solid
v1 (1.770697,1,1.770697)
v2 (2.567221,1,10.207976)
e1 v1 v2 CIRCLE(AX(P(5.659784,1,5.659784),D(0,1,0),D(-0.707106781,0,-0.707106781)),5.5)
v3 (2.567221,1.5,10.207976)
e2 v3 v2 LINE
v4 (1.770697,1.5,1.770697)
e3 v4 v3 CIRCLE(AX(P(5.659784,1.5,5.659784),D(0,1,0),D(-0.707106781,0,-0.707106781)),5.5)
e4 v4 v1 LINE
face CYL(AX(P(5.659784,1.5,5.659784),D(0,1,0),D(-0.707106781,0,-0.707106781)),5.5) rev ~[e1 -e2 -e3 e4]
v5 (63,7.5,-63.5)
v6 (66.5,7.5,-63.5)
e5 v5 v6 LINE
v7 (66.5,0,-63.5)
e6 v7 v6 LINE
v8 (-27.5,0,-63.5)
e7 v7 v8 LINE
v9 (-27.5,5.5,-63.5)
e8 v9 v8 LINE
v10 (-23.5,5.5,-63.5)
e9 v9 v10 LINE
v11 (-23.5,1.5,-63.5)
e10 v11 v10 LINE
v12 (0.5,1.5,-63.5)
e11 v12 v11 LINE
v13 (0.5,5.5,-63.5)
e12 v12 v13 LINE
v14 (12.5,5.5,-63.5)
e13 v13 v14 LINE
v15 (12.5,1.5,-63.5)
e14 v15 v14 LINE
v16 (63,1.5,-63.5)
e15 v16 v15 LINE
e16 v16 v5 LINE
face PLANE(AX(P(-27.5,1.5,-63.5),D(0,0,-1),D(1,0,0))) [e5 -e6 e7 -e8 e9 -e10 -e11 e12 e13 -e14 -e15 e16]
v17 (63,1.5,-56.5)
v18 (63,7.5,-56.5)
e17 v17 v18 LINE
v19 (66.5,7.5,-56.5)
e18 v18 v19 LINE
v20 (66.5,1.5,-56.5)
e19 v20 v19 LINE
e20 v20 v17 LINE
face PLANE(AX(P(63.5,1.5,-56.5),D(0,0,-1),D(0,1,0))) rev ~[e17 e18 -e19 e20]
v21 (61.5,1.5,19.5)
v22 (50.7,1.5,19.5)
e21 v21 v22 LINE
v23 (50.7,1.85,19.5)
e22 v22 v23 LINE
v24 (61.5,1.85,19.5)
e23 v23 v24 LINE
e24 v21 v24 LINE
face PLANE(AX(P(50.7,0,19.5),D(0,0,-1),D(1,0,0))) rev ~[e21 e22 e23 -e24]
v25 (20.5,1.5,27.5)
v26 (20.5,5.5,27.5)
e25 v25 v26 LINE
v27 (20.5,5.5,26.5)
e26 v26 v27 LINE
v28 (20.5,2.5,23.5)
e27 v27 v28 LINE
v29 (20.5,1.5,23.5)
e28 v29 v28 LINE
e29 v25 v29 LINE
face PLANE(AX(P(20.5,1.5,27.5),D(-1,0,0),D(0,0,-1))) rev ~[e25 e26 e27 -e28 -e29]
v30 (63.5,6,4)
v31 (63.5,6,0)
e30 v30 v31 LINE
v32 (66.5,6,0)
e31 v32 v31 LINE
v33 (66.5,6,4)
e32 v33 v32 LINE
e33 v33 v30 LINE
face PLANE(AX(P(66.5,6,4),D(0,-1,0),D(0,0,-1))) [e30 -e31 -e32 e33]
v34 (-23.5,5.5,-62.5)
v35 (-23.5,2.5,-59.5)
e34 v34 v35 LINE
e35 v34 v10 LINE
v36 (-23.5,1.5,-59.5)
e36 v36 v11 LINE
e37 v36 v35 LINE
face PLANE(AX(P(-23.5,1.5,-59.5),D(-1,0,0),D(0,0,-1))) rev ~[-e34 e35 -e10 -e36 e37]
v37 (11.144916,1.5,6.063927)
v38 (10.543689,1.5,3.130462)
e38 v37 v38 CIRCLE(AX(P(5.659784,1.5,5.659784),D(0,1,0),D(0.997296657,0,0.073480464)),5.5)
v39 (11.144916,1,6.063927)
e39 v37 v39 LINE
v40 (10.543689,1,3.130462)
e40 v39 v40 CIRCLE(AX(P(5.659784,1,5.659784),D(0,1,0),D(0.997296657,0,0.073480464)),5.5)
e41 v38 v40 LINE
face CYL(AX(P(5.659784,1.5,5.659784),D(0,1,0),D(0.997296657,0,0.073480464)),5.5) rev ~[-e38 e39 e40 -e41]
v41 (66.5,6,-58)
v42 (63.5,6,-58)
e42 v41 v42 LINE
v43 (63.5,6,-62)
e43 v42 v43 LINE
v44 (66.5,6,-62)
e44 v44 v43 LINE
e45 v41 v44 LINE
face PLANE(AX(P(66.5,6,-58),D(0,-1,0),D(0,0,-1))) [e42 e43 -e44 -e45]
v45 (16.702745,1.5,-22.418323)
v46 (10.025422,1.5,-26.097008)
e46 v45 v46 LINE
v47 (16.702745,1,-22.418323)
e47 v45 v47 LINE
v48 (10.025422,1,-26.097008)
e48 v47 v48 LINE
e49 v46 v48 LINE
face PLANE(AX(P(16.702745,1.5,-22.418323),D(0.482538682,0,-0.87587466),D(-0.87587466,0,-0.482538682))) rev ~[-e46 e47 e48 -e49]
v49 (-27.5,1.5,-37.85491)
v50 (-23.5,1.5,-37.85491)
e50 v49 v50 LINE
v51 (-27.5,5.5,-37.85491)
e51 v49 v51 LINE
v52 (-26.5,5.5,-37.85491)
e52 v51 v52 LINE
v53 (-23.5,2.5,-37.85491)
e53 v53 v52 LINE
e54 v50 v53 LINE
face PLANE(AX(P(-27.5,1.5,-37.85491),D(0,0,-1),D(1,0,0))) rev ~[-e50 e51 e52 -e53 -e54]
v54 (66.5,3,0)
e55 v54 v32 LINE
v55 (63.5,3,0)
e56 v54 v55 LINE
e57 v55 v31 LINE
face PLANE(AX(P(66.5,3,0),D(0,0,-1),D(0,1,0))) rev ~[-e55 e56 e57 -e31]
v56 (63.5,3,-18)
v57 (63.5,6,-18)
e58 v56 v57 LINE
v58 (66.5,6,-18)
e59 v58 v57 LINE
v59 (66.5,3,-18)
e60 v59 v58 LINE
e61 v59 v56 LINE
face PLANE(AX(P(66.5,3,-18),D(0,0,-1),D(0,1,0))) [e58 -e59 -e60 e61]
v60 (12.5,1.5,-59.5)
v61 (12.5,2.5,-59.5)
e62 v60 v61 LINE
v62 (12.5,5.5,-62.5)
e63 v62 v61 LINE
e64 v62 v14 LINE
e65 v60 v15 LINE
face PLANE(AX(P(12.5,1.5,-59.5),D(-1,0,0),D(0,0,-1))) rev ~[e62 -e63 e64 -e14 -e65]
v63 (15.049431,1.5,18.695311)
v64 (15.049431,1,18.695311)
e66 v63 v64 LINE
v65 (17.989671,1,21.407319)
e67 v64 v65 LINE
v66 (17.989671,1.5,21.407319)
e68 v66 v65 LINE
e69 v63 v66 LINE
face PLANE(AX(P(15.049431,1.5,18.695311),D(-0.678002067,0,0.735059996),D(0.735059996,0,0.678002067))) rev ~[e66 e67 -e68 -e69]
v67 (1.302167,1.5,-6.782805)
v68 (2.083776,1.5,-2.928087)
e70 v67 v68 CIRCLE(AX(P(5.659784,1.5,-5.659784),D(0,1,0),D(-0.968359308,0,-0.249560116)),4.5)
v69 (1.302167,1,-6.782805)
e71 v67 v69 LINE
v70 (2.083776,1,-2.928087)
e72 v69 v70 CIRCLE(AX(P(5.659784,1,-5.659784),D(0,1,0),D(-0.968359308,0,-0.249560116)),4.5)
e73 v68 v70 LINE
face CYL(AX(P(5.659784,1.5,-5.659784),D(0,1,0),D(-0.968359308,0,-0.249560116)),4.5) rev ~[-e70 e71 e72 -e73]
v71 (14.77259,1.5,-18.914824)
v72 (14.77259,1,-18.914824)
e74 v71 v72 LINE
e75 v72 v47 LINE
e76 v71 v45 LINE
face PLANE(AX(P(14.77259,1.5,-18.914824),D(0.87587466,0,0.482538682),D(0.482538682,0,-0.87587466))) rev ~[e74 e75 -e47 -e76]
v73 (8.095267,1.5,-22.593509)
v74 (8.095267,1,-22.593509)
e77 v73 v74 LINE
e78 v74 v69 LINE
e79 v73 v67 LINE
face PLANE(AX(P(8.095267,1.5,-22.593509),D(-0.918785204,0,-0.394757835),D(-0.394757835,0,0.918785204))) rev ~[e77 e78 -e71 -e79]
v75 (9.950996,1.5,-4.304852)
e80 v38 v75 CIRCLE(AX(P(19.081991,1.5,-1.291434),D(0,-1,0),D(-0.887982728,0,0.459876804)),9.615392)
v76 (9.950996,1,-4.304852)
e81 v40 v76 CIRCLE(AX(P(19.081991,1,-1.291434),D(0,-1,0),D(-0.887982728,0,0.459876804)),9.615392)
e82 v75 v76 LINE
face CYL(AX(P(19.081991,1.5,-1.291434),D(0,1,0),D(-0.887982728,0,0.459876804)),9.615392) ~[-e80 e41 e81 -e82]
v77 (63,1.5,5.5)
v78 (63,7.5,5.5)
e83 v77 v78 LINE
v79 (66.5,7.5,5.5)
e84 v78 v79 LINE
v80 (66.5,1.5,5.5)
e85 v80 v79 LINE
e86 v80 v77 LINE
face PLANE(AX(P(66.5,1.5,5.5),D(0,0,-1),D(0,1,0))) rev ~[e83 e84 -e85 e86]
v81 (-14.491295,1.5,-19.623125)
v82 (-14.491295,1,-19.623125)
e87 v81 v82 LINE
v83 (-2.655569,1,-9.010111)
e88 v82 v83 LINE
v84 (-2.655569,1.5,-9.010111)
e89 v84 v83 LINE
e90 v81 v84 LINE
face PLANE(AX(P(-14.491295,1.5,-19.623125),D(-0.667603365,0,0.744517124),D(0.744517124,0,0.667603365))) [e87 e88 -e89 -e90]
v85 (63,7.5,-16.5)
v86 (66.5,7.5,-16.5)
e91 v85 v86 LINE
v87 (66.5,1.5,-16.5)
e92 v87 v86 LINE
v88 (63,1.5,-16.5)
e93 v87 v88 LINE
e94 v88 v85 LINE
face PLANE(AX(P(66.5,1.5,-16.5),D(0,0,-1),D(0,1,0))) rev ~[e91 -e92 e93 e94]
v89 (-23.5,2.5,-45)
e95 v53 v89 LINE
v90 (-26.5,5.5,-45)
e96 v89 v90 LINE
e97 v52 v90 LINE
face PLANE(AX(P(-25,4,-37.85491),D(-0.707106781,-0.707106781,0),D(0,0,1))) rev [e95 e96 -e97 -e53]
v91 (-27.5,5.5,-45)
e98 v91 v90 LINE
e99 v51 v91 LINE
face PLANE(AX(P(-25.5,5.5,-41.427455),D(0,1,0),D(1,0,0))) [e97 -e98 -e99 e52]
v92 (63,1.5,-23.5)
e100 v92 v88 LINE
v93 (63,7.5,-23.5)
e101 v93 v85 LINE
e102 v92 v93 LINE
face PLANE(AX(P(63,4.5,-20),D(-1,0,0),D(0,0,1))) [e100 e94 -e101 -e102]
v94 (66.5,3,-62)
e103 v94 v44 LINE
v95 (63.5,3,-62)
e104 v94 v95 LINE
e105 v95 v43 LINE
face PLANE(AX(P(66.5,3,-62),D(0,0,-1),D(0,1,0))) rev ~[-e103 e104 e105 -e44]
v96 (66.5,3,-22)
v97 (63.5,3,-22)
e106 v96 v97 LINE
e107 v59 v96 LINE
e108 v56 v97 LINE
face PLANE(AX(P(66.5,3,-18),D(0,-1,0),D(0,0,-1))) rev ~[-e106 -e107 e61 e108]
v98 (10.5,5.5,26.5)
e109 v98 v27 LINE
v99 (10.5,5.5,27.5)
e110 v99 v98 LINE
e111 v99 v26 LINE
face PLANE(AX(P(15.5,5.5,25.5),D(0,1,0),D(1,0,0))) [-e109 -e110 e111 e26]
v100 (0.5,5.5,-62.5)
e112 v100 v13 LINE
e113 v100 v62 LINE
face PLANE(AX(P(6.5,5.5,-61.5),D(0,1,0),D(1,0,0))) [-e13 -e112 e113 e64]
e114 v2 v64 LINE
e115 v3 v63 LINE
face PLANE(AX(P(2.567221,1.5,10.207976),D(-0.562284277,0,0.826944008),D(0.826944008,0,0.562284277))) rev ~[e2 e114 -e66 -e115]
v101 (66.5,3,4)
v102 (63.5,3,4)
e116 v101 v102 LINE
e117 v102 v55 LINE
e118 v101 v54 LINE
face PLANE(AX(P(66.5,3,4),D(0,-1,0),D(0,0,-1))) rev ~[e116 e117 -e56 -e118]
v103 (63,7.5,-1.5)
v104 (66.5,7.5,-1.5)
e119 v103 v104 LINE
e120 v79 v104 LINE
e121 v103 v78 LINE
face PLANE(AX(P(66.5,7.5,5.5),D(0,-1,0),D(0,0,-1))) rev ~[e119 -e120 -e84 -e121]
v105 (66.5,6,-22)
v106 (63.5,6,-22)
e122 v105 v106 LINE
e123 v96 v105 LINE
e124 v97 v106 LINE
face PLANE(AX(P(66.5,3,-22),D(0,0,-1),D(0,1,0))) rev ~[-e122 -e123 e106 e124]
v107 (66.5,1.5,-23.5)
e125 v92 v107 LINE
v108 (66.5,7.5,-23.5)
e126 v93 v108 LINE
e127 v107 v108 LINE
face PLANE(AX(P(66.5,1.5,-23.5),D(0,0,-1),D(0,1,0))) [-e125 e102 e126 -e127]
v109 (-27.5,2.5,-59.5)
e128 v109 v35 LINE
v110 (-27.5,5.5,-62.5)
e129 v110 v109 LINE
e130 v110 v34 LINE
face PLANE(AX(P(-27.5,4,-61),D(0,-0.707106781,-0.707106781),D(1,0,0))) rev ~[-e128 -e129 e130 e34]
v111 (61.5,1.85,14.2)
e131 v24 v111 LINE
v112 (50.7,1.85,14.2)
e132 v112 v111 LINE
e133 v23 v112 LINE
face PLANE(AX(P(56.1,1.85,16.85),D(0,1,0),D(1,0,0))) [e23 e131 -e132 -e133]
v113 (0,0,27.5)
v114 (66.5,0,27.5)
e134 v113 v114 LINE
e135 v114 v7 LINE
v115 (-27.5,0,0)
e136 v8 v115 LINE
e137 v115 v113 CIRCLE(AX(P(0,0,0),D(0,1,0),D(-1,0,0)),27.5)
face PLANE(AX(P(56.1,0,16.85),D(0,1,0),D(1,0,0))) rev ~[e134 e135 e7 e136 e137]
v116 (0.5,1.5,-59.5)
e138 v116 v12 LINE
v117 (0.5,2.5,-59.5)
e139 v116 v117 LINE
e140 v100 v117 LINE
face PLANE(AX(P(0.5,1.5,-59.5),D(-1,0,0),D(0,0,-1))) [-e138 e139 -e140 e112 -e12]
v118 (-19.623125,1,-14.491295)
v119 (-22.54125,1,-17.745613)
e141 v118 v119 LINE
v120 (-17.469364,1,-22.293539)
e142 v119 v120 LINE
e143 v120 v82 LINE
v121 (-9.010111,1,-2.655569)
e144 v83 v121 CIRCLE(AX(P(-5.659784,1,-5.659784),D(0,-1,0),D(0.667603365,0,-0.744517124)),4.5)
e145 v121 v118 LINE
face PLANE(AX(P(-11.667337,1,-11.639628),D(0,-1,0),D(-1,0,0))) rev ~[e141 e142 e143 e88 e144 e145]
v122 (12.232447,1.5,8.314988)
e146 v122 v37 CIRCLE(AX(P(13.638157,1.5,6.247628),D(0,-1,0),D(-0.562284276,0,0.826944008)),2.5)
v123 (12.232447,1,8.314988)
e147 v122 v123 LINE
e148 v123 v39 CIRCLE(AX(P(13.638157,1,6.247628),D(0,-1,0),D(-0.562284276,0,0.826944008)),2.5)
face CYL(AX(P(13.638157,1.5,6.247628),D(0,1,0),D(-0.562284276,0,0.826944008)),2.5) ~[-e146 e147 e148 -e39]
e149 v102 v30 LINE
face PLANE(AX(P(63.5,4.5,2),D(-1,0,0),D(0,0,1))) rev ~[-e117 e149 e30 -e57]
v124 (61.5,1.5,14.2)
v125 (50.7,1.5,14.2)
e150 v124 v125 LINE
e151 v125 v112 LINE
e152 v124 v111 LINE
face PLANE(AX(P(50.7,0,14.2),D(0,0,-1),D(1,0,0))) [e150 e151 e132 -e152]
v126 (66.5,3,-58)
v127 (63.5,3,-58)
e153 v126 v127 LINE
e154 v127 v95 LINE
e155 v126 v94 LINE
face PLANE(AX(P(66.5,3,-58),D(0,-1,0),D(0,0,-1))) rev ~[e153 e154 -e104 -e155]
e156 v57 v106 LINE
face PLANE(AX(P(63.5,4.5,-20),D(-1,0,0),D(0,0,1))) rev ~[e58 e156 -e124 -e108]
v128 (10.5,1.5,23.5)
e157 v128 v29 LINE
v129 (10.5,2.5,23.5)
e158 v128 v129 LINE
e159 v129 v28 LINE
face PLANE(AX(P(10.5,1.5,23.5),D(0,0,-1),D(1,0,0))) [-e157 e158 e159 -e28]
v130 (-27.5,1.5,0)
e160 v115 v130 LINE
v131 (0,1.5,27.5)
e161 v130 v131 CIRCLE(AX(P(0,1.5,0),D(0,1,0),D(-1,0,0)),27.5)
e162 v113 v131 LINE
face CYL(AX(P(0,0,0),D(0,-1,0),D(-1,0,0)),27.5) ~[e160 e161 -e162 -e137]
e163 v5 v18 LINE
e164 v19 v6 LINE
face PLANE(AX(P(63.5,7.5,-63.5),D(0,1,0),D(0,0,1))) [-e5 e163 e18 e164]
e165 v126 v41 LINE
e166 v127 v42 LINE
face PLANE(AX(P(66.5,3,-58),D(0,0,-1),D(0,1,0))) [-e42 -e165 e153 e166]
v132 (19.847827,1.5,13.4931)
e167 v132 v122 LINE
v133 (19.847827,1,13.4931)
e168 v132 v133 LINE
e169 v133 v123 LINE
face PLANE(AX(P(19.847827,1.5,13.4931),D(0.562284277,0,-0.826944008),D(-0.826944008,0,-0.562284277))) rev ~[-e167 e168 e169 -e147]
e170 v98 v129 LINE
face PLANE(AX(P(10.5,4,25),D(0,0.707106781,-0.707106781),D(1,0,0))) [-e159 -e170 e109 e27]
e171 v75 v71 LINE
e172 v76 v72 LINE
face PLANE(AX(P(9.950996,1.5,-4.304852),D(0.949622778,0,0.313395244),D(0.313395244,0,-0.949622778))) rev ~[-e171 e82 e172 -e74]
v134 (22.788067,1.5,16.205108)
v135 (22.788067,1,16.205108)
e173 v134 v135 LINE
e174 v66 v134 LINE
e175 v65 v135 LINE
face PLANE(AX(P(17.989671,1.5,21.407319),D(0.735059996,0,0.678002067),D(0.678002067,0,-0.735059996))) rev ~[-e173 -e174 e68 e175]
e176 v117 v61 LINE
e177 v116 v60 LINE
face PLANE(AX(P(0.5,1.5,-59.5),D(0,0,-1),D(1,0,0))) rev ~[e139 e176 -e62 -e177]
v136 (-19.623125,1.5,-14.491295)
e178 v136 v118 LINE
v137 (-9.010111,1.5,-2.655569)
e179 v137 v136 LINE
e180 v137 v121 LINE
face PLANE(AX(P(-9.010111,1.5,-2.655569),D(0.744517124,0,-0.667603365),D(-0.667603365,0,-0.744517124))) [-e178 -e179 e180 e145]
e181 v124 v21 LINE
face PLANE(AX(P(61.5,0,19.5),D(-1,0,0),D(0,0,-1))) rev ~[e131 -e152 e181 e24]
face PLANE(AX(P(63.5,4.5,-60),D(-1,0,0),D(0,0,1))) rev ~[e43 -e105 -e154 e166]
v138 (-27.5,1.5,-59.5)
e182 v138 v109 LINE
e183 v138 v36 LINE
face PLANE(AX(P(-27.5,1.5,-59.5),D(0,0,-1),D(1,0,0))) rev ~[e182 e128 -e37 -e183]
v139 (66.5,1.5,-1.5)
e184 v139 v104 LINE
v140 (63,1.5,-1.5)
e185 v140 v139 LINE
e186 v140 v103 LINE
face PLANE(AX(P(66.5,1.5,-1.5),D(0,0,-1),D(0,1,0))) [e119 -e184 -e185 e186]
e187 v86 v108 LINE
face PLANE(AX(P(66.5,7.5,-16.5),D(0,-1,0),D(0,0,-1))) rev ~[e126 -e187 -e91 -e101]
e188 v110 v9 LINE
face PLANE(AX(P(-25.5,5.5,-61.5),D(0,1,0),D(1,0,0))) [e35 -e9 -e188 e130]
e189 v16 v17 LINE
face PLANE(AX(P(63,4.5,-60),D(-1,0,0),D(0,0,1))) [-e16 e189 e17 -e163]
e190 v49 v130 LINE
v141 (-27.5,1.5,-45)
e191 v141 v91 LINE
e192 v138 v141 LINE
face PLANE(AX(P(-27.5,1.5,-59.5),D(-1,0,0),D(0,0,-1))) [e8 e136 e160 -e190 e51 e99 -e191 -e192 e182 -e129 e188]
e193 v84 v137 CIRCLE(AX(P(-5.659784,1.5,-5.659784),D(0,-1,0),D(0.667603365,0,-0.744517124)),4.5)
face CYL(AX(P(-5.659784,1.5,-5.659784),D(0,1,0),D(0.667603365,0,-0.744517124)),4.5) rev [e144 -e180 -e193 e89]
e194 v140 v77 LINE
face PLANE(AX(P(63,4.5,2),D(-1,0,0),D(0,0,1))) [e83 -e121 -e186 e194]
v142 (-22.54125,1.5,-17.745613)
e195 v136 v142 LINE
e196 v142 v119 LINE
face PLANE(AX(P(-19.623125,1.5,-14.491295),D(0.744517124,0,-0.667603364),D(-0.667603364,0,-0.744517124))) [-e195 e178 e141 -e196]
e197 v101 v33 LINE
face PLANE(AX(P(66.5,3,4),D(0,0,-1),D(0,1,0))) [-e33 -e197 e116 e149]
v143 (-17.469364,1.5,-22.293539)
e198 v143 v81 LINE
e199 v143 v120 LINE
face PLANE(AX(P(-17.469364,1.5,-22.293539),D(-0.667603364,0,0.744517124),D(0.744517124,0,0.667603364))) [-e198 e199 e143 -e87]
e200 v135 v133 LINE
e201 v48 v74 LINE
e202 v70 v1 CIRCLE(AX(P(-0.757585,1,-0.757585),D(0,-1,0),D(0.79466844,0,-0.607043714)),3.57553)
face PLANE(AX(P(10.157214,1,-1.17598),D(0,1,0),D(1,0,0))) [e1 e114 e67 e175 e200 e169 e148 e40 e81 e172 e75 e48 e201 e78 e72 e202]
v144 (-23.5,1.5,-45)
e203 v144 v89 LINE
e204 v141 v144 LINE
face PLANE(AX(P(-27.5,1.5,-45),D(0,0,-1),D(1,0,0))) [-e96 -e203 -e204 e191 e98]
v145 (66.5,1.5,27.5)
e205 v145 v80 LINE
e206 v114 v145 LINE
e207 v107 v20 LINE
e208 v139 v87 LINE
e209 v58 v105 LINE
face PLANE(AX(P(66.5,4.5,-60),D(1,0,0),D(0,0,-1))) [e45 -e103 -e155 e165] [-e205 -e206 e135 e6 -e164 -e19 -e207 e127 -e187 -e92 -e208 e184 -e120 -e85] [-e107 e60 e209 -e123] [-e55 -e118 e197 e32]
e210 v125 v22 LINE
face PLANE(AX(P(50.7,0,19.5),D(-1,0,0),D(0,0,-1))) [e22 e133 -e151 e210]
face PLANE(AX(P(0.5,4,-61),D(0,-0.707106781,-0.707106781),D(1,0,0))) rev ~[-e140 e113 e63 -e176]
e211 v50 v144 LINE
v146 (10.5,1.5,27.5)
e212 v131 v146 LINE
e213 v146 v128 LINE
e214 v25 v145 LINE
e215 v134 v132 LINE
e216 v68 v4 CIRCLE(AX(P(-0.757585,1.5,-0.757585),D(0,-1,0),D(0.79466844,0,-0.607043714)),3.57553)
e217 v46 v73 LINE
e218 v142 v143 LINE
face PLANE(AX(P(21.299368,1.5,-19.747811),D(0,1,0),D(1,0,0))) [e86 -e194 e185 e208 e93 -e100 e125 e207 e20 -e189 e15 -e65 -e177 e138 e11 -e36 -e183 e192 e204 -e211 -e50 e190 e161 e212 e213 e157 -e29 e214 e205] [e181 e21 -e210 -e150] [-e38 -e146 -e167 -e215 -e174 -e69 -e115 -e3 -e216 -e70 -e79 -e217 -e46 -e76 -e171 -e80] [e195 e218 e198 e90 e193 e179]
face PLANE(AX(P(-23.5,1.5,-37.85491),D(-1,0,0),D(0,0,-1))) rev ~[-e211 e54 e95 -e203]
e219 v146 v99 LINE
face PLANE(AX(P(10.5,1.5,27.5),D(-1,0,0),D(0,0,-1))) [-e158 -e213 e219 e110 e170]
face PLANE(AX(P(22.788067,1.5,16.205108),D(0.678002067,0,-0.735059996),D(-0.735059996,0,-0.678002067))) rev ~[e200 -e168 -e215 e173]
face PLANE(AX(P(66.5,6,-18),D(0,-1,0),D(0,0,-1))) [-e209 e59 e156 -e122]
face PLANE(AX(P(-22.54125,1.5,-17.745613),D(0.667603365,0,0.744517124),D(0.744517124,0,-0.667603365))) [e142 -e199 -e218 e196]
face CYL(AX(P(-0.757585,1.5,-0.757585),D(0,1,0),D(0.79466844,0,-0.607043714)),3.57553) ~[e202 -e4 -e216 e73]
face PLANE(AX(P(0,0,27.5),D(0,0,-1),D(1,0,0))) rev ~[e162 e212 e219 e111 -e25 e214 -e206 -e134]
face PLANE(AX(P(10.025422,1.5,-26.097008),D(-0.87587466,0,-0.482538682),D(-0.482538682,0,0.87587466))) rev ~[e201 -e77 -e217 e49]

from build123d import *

# Parameters (mm, degrees)
EXTRUDE_1_DEPTH     = 1.5
SKETCH_3_W          = 7
SKETCH_3_H          = 6
SKETCH_3_W_2        = 4
SKETCH_3_H_2        = 3
EXTRUDE_3_DEPTH     = 3
SKETCH_4_W          = 7
SKETCH_4_H          = 6
EXTRUDE_4_DEPTH     = 0.5
SKETCH_5_W          = 4
SKETCH_5_H          = 4
SKETCH_5_W_2        = 12
SKETCH_5_H_2        = 7.145089785
SKETCH_5_W_3        = 10
EXTRUDE_5_DEPTH     = 4
CHAMFER_1_SIZE      = 3
CUT_EXTRUDE_2_DEPTH = 0.5
SKETCH_8_W          = 10.8
SKETCH_8_H          = 5.3
EXTRUDE_6_DEPTH     = 1.85


with BuildPart() as part:
    # Эскиз1 → Бобышка-Вытянуть1 (new body)
    with BuildSketch(Plane(origin=(0, 0, 0), x_dir=(1, 0, 0), z_dir=(0, 1, 0))):
        with BuildLine():
            Line((-27.5, 63.5), (-27.5, 0))
            ThreePointArc((-27.5, 0), (-19.445436483, -19.445436483), (0, -27.5))
            Line((0, -27.5), (66.5, -27.5))
            Line((66.5, -27.5), (66.5, 63.5))
            Line((66.5, 63.5), (-27.5, 63.5))
        make_face()
    extrude(amount=EXTRUDE_1_DEPTH)

    # Эскиз3 → Бобышка-Вытянуть3 (add)
    # profile 1 of 3: a face of its own
    with BuildSketch(Plane(origin=(66.5, 0, 0), x_dir=(0, 0, -1), z_dir=(1, 0, 0))):
        with Locations((-2, 4.5)):
            Rectangle(SKETCH_3_W, SKETCH_3_H)
        with Locations((-2, 4.5)):
            Rectangle(SKETCH_3_W_2, SKETCH_3_H_2, mode=Mode.SUBTRACT)
    # profile 2 of 3: a face of its own
    with BuildSketch(Plane(origin=(66.5, 0, 0), x_dir=(0, 0, -1), z_dir=(1, 0, 0))):
        with Locations((60, 4.5)):
            Rectangle(SKETCH_3_W, SKETCH_3_H)
        with Locations((60, 4.5)):
            Rectangle(SKETCH_3_W_2, SKETCH_3_H_2, mode=Mode.SUBTRACT)
    # profile 3 of 3: a face of its own
    with BuildSketch(Plane(origin=(66.5, 0, 0), x_dir=(0, 0, -1), z_dir=(1, 0, 0))):
        with Locations((20, 4.5)):
            Rectangle(SKETCH_3_W, SKETCH_3_H)
        with Locations((20, 4.5)):
            Rectangle(SKETCH_3_W_2, SKETCH_3_H_2, mode=Mode.SUBTRACT)
    extrude(amount=-EXTRUDE_3_DEPTH)

    # Эскиз4 → Бобышка-Вытянуть4 (add)
    with BuildSketch(Plane.ZY.offset(-63.5)):
        with Locations((-60, 4.5)):
            Rectangle(SKETCH_4_W, SKETCH_4_H)
        with Locations((-20, 4.5)):
            Rectangle(SKETCH_4_W, SKETCH_4_H)
        with Locations((2, 4.5)):
            Rectangle(SKETCH_4_W, SKETCH_4_H)
    extrude(amount=EXTRUDE_4_DEPTH)

    # Эскиз5 → Бобышка-Вытянуть5 (add)
    with BuildSketch(Plane(origin=(0, 1.5, 0), x_dir=(1, 0, 0), z_dir=(0, 1, 0))):
        with Locations((-25.5, 61.5)):
            Rectangle(SKETCH_5_W, SKETCH_5_H)
        with Locations((6.5, 61.5)):
            Rectangle(SKETCH_5_W_2, SKETCH_5_H)
        with Locations((-25.5, 41.427455108)):
            Rectangle(SKETCH_5_W, SKETCH_5_H_2)
        with Locations((15.5, -25.5)):
            Rectangle(SKETCH_5_W_3, SKETCH_5_H)
    extrude(amount=EXTRUDE_5_DEPTH)

    # Фаска1
    chamfer_1_edges = [part.edges().sort_by_distance(p)[0] for p in [
        (6.5, 5.5, -59.5),
        (-25.5, 5.5, -59.5),
        (-23.5, 5.5, -41.427455107),
        (15.5, 5.5, 23.5),
    ]]
    chamfer(chamfer_1_edges, length=CHAMFER_1_SIZE)

    # Эскиз7 → Вырез-Вытянуть2 (cut)
    with BuildSketch(Plane(origin=(0, 1.5, 0), x_dir=(1, 0, 0), z_dir=(0, 1, 0))):
        with BuildLine():
            Line((-19.62312526, 14.49129531), (-22.541249894, 17.745613481))
            Line((-22.541249894, 17.745613481), (-17.469363806, 22.293538718))
            Line((-17.469363806, 22.293538718), (-14.49129531, 19.62312526))
            Line((-14.49129531, 19.62312526), (-2.655568985, 9.010111183))
            ThreePointArc((-2.655568985, 9.010111183), (-2.47780361, 2.47780361), (-9.010111183, 2.655568985))
            Line((-9.010111183, 2.655568985), (-19.62312526, 14.49129531))
        make_face()
        with BuildLine():
            Line((9.950995869, 4.304852328), (14.772590148, 18.914824353))
            Line((14.772590148, 18.914824353), (16.702744877, 22.418322994))
            Line((16.702744877, 22.418322994), (10.02542163, 26.097007748))
            Line((10.02542163, 26.097007748), (8.095266902, 22.593509107))
            Line((8.095266902, 22.593509107), (1.302167241, 6.782804644))
            ThreePointArc((1.302167241, 6.782804644), (1.249533327, 4.765531423), (2.083776147, 2.928087411))
            ThreePointArc((2.083776147, 2.928087411), (2.810034737, 0.519874571), (1.770696829, -1.770696829))
            ThreePointArc((1.770696829, -1.770696829), (0.184130493, -6.176714777), (2.567220604, -10.207976169))
            Line((2.567220604, -10.207976169), (15.04943055, -18.695310645))
            Line((15.04943055, -18.695310645), (17.989670533, -21.407318912))
            Line((17.989670533, -21.407318912), (22.788067369, -16.205108284))
            Line((22.788067369, -16.205108284), (19.847827385, -13.493100017))
            Line((19.847827385, -13.493100017), (12.232446688, -8.314987854))
            ThreePointArc((12.232446688, -8.314987854), (11.3870962, -7.335158785), (11.144915737, -6.063926675))
            ThreePointArc((11.144915737, -6.063926675), (11.047783222, -4.555489901), (10.543689128, -3.130461702))
            ThreePointArc((10.543689128, -3.130461702), (9.497003398, 0.527383324), (9.950995869, 4.304852328))
        make_face()
    extrude(amount=-CUT_EXTRUDE_2_DEPTH, mode=Mode.SUBTRACT)

    # Эскиз8 → Бобышка-Вытянуть6 (add)
    with BuildSketch(Plane(origin=(0, 0, 0), x_dir=(1, 0, 0), z_dir=(0, 1, 0))):
        with Locations((56.1, -16.85)):
            Rectangle(SKETCH_8_W, SKETCH_8_H)
    extrude(amount=EXTRUDE_6_DEPTH)


solid = part.part
